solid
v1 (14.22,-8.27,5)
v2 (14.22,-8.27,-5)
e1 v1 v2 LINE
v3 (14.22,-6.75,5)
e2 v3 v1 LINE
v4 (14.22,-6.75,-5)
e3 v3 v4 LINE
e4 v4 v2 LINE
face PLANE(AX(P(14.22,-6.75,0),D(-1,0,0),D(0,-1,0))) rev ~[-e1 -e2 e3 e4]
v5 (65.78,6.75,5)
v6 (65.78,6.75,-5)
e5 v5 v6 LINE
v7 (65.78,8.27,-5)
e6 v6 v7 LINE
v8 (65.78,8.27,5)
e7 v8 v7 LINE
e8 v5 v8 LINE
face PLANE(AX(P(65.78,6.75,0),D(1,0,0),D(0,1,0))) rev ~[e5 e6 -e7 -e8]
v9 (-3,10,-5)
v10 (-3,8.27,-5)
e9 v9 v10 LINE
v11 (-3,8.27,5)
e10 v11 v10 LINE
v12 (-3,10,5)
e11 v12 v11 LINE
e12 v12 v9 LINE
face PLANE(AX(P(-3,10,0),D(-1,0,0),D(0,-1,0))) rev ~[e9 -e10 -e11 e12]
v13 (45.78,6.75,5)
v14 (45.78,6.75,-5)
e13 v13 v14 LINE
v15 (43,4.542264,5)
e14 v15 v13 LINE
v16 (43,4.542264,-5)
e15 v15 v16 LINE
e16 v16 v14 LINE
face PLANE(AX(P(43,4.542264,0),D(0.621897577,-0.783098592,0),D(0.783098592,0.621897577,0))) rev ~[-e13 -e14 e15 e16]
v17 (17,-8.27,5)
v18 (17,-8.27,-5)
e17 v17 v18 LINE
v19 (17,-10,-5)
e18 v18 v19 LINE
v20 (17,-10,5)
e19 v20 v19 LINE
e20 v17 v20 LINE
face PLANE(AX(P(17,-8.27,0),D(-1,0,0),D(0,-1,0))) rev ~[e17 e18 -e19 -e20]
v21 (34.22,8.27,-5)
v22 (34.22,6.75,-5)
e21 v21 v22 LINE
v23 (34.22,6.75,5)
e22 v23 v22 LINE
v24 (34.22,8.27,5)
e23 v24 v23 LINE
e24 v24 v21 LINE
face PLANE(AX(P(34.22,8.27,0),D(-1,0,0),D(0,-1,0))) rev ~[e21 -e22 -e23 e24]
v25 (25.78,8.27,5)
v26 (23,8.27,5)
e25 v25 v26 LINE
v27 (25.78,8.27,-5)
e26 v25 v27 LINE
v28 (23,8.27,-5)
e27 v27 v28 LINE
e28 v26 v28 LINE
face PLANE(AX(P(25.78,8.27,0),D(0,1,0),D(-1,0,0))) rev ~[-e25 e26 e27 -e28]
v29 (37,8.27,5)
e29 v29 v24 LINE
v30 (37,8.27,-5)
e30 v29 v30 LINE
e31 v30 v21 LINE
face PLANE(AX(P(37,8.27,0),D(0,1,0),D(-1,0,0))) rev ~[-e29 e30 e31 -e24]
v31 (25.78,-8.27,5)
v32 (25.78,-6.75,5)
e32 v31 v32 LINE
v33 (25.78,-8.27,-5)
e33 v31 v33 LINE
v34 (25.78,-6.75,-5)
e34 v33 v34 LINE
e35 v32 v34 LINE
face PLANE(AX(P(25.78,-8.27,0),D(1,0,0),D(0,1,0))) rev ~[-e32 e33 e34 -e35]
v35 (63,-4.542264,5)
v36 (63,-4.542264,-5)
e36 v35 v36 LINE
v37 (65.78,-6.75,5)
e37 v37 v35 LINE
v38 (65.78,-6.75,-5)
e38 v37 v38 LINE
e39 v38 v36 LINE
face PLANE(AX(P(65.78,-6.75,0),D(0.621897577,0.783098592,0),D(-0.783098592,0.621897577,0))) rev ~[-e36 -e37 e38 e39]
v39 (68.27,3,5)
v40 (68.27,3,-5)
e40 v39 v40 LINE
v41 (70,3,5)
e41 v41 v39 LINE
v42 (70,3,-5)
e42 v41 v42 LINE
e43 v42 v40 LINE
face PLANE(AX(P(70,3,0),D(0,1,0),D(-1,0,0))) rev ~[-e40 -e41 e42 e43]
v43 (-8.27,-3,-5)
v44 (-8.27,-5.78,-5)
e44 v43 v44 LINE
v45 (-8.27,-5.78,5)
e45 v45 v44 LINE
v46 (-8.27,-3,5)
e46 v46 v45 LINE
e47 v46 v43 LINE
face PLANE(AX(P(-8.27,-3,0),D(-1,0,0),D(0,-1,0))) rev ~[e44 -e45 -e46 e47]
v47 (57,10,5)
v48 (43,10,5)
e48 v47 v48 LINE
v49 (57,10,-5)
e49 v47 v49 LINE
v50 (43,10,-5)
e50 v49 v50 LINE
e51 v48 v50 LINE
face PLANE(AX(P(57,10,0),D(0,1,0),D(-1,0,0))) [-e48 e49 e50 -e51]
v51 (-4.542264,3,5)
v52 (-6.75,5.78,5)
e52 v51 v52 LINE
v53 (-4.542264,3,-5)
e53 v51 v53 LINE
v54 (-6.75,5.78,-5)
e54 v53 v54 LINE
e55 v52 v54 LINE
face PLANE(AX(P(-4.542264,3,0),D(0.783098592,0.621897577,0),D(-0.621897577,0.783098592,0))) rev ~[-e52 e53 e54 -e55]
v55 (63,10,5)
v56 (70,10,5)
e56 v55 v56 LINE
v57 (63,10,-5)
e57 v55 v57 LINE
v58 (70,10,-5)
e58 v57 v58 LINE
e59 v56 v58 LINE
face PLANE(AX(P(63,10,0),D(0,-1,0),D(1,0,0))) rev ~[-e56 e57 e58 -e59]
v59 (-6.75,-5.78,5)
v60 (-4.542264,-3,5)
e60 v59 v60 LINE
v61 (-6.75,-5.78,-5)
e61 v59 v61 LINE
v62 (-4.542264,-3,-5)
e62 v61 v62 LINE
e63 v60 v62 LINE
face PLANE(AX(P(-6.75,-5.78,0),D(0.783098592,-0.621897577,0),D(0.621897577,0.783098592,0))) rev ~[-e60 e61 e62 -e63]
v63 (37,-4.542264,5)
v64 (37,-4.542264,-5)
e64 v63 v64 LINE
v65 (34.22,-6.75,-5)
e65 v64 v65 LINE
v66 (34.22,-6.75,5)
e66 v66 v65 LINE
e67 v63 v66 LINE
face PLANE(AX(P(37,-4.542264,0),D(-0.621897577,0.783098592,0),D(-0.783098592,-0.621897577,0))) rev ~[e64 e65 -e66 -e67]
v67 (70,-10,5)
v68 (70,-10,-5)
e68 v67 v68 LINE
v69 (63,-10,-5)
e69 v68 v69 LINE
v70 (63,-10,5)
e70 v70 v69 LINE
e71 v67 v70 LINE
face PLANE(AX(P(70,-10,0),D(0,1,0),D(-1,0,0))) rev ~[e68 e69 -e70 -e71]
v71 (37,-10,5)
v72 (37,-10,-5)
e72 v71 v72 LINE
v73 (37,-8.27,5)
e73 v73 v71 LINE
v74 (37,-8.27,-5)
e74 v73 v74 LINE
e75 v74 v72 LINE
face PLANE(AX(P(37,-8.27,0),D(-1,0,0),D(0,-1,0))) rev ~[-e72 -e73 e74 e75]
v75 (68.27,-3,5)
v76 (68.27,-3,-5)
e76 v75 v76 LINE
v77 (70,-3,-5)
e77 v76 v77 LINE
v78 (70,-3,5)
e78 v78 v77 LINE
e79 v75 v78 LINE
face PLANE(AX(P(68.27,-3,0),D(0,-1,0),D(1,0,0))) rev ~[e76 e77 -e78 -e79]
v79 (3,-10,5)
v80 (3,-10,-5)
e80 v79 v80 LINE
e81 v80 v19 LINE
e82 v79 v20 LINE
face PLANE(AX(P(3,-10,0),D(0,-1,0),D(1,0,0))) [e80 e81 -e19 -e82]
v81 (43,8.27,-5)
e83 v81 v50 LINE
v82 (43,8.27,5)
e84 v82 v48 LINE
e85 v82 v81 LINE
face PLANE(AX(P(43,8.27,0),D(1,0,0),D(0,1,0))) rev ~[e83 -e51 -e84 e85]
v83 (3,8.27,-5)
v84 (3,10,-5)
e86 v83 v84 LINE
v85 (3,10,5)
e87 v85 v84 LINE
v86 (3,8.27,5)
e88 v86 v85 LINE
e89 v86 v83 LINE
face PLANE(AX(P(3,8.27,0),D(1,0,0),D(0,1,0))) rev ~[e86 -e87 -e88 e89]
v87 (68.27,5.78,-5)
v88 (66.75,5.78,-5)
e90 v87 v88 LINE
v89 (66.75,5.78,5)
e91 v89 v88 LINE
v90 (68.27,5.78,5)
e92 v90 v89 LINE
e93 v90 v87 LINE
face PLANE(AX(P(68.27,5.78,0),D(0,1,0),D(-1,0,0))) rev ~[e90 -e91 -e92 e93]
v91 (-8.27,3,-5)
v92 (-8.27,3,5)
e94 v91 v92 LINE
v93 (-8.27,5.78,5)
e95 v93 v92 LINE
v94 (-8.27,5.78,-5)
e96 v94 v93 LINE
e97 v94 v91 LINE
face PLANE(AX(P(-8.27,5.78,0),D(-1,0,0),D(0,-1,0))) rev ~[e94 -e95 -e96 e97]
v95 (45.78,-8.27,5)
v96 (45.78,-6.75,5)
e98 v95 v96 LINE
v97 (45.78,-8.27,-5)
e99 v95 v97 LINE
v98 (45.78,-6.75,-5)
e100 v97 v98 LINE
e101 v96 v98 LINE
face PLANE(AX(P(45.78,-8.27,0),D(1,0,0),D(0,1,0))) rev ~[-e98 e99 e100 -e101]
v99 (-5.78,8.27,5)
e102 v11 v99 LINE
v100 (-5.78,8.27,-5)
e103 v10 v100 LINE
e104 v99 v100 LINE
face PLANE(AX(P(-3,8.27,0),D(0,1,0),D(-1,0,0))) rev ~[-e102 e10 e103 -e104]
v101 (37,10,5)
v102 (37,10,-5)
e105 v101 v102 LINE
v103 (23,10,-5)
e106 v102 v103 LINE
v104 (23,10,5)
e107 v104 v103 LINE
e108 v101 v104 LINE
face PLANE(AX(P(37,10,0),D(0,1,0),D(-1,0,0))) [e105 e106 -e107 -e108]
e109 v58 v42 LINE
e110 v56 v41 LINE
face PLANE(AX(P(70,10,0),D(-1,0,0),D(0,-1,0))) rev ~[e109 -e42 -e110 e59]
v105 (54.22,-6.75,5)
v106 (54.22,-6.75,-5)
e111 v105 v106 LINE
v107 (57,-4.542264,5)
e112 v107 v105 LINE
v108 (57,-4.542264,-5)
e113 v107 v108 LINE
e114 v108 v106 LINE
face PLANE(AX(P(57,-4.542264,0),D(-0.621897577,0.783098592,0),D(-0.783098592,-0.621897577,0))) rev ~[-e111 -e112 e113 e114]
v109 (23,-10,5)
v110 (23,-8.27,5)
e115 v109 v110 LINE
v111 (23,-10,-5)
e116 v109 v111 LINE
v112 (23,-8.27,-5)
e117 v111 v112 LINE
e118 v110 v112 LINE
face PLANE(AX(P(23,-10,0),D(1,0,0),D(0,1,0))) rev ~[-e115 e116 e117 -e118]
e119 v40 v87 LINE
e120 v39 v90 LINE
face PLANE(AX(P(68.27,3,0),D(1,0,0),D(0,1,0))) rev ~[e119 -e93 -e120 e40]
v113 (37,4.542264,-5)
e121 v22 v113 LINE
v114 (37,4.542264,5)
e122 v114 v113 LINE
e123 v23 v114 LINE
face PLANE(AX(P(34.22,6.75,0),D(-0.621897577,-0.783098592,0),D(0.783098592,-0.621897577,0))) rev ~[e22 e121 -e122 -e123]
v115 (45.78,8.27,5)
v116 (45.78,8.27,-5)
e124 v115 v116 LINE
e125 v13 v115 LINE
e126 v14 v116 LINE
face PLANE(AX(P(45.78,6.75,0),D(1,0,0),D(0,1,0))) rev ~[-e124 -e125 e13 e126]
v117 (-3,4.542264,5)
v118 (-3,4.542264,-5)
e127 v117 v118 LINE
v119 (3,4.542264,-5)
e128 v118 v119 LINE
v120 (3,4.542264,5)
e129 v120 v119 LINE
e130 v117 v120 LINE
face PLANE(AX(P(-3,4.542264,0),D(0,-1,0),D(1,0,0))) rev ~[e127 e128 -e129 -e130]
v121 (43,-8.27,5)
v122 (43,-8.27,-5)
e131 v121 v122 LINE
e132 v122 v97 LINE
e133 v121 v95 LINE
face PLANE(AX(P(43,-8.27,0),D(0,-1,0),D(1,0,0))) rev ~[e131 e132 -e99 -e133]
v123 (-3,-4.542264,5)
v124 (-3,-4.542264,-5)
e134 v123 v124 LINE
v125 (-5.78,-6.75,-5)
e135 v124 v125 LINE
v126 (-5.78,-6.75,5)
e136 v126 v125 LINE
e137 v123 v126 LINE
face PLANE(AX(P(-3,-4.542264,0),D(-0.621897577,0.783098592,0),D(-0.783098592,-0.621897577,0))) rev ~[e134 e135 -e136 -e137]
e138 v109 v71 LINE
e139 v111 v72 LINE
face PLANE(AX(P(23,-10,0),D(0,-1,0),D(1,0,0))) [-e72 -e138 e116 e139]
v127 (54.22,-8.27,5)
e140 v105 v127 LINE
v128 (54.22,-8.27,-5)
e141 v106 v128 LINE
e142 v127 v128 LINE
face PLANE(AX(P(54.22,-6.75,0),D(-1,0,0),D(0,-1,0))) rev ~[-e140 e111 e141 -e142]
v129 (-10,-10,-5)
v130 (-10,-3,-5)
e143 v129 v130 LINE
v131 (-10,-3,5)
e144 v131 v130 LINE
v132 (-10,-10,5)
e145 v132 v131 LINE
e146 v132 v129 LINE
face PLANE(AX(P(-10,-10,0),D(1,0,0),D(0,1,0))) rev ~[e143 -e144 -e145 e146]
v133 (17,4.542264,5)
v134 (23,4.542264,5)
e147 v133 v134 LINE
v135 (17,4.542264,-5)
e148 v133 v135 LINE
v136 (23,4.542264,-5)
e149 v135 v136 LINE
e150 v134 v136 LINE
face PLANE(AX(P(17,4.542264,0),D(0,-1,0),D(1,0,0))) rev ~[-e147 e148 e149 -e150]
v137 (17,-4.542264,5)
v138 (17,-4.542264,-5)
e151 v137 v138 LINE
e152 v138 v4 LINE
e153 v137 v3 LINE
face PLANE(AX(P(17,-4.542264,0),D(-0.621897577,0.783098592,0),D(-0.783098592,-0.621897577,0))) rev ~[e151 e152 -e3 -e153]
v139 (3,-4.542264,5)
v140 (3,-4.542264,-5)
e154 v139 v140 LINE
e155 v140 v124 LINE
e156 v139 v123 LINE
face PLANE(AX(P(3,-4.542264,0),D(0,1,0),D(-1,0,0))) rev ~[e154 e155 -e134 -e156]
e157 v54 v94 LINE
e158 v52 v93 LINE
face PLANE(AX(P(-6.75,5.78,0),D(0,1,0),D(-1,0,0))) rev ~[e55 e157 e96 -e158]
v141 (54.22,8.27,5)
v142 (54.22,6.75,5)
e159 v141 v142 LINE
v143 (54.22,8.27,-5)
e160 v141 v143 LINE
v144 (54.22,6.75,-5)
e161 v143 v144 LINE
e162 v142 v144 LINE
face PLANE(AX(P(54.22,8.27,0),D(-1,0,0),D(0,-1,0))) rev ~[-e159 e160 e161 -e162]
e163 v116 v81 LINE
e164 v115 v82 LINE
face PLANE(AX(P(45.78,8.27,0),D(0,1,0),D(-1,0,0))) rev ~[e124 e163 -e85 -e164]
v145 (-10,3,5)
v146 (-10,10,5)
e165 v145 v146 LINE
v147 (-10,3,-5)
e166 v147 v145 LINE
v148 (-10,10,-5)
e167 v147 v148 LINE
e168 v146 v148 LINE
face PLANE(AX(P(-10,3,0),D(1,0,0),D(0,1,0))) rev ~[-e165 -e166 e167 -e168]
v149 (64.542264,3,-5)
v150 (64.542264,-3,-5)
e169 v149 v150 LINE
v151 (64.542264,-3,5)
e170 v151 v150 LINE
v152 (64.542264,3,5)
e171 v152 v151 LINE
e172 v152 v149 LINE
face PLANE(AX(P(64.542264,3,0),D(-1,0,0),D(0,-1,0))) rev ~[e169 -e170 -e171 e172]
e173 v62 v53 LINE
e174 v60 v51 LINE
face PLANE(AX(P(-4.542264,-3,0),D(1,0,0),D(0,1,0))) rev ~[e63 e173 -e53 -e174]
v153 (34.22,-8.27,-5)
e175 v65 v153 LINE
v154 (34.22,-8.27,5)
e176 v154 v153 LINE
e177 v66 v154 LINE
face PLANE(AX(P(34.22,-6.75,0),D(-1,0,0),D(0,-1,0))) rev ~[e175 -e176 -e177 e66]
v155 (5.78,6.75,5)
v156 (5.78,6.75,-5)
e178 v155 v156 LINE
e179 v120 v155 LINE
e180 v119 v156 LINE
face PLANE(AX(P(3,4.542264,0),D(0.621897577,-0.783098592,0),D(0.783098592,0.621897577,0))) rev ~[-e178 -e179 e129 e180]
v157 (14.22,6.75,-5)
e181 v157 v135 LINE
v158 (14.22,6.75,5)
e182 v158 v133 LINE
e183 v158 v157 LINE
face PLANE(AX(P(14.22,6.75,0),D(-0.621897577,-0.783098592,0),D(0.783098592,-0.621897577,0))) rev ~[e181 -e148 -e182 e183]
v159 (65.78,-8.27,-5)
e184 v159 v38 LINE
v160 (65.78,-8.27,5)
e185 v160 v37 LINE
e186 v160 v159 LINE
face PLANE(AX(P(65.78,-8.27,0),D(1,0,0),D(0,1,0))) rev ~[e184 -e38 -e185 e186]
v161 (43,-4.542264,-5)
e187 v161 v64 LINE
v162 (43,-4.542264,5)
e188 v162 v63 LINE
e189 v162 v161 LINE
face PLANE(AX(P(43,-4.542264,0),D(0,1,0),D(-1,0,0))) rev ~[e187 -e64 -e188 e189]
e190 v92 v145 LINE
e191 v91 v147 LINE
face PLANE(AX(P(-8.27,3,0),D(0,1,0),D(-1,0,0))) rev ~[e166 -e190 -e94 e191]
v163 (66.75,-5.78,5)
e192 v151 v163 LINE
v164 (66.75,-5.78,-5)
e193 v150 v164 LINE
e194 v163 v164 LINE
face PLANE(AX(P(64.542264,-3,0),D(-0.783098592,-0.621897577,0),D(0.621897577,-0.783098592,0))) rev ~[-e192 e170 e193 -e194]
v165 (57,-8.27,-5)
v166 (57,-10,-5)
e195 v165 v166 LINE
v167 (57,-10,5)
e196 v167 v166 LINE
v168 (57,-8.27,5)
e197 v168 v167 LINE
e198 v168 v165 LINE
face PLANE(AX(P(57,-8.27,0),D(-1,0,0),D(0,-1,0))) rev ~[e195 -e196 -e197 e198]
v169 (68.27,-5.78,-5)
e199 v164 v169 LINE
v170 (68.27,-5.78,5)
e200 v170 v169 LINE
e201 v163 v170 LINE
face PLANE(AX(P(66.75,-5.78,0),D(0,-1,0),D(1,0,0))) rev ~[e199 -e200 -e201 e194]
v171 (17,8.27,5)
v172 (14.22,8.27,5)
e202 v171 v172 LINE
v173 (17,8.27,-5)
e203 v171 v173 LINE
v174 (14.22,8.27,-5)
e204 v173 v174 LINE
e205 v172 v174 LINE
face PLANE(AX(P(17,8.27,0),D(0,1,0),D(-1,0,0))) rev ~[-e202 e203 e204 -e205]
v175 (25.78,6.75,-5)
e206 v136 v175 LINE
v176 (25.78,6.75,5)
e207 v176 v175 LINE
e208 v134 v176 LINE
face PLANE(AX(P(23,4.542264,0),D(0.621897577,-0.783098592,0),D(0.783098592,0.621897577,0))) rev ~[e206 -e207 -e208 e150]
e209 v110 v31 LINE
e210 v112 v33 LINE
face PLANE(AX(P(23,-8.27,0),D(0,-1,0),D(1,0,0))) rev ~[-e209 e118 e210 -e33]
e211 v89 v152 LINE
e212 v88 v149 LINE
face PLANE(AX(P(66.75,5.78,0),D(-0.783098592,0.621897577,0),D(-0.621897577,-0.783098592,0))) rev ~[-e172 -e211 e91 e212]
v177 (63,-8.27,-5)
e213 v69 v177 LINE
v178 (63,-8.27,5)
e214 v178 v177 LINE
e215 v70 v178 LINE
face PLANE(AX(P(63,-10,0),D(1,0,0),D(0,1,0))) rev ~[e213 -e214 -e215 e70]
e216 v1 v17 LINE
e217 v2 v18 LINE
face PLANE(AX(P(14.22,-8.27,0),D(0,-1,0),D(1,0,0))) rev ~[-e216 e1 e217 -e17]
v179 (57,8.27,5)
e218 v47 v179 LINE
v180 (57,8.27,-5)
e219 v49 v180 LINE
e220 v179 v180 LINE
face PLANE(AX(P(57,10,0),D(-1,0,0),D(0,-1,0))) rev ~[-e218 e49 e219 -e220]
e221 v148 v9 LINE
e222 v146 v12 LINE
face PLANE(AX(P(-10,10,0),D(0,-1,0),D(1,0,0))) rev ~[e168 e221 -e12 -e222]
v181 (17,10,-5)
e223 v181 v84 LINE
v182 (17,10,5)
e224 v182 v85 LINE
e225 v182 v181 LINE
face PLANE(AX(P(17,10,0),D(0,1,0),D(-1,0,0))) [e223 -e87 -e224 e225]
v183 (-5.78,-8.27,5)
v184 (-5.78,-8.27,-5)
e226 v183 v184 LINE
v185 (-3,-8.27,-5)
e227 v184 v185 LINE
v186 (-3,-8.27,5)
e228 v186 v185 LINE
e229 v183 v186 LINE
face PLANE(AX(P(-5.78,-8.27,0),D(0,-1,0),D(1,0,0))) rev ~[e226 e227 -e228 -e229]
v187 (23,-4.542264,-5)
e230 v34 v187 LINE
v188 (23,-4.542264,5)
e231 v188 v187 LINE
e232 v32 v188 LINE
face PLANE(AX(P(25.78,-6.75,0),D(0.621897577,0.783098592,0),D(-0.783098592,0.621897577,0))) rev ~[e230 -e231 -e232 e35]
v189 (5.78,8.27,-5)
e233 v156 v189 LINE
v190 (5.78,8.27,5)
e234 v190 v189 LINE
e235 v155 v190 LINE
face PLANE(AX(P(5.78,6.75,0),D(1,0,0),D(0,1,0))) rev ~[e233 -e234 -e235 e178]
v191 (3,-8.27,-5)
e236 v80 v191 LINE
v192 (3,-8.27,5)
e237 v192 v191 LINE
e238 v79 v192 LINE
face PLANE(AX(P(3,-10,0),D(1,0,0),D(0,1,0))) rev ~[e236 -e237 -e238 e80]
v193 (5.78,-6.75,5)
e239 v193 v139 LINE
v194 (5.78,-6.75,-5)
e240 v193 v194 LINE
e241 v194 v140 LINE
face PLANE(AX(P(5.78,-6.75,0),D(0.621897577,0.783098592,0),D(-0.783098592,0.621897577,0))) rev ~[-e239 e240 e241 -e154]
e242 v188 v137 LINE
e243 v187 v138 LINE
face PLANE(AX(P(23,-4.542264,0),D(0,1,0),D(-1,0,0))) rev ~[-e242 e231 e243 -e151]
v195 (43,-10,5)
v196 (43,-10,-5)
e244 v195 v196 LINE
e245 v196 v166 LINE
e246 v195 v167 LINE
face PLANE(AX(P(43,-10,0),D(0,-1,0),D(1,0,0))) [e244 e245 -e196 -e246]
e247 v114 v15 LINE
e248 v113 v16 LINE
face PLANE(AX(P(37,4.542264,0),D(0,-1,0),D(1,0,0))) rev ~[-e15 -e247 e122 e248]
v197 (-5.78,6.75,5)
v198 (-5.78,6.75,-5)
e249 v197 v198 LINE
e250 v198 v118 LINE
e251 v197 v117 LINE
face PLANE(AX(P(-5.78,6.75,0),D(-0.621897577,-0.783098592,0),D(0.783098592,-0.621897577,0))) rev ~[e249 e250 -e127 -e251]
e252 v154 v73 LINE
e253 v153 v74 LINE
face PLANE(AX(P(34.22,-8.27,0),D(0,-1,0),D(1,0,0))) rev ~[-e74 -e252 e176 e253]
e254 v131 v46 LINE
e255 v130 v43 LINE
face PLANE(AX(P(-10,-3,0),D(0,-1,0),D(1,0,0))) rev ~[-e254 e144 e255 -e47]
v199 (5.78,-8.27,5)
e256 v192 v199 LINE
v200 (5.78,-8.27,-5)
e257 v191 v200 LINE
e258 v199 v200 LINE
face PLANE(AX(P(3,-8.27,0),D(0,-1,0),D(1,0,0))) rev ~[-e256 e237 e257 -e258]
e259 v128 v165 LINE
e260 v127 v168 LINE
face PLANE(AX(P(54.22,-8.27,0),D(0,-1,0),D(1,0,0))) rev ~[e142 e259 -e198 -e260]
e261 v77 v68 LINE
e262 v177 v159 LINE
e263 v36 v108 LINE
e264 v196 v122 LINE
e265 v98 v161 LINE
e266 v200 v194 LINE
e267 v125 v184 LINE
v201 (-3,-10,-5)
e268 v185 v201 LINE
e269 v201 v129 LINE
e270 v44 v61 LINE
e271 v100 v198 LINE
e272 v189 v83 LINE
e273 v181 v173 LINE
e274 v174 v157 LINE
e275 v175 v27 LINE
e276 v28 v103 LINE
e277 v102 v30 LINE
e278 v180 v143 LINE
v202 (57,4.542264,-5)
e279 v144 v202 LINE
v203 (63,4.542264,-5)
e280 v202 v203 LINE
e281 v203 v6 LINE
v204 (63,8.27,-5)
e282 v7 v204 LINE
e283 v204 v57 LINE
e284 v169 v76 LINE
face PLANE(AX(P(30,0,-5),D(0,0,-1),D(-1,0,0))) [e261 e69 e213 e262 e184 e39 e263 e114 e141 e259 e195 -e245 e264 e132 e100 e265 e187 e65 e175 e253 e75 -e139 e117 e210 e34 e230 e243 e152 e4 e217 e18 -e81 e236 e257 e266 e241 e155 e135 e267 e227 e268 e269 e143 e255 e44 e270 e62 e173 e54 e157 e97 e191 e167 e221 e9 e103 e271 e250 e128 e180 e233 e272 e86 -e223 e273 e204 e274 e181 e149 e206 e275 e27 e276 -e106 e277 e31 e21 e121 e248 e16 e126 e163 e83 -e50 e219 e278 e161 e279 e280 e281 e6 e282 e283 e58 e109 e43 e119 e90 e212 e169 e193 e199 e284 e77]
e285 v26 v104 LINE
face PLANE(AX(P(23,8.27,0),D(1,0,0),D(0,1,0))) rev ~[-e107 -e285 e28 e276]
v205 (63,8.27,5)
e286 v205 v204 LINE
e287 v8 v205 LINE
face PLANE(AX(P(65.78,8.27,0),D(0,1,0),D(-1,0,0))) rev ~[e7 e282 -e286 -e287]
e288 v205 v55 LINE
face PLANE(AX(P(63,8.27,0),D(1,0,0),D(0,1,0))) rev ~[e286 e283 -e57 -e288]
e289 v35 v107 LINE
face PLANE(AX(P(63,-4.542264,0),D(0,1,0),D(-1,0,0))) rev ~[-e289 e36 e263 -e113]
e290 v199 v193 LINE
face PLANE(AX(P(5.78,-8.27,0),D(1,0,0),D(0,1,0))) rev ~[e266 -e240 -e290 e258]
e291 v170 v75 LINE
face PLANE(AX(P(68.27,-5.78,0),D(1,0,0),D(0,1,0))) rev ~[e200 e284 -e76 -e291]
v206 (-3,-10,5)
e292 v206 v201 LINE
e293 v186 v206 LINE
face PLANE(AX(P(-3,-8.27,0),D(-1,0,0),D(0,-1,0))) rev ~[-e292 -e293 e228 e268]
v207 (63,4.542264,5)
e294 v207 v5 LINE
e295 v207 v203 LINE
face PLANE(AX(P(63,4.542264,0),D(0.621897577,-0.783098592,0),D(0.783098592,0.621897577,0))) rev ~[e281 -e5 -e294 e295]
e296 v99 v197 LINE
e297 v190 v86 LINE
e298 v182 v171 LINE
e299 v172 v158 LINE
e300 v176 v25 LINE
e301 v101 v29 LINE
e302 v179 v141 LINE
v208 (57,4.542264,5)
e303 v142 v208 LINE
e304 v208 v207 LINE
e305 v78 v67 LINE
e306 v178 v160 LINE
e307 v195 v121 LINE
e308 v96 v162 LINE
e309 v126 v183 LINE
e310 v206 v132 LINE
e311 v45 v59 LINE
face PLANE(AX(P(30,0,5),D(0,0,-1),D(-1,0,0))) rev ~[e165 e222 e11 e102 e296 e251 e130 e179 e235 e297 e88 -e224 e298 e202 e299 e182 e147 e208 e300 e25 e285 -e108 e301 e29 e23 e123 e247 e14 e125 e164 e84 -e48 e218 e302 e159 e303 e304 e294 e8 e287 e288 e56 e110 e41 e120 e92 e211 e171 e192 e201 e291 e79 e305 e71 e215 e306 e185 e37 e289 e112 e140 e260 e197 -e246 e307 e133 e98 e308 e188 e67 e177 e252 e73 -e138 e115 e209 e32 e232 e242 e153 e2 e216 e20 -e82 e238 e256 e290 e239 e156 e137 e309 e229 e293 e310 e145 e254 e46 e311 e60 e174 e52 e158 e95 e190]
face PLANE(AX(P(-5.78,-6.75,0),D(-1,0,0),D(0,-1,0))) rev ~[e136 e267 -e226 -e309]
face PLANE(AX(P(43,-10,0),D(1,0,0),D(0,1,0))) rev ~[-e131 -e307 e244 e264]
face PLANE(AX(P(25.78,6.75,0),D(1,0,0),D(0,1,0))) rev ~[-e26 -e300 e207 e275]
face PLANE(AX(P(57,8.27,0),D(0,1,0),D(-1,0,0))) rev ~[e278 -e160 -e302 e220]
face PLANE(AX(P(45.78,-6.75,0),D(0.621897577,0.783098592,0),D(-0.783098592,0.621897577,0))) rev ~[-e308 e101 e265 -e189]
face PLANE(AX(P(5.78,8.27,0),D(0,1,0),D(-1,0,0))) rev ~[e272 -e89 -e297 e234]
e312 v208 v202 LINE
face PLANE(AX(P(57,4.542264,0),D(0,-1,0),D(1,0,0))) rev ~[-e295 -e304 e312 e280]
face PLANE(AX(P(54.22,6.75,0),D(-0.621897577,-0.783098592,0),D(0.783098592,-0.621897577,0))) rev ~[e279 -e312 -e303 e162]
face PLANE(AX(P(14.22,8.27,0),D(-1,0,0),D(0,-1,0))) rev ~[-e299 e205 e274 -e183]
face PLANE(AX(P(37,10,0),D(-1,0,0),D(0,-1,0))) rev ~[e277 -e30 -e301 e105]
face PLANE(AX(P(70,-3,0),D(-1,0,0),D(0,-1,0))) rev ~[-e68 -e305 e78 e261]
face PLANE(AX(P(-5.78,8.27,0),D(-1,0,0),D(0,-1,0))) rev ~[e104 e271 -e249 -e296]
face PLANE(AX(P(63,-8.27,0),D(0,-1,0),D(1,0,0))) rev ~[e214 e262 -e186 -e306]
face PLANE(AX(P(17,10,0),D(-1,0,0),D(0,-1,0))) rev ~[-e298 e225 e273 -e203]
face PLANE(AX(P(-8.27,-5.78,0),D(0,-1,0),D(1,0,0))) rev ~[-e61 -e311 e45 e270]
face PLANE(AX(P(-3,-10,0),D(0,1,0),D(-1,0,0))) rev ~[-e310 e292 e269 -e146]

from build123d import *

# Parameters (mm, degrees)
BOSS_EXTRUDE1_DEPTH = 5


with BuildPart() as part:
    # Sketch1 → Boss-Extrude1 (new, symmetric)
    with BuildSketch(Plane.XY):
        Polygon((-10, 3), (-10, 10), (-3, 10), (-3, 8.27), (-5.78, 8.27), (-5.78, 6.75), (-3, 4.542263603), (3, 4.542263603), (5.78, 6.75), (5.78, 8.27), (3, 8.27), (3, 10), (10, 10), (17, 10), (17, 8.27), (14.22, 8.27), (14.22, 6.75), (17, 4.542263603), (23, 4.542263603), (25.78, 6.75), (25.78, 8.27), (23, 8.27), (23, 10), (30, 10), (37, 10), (37, 8.27), (34.22, 8.27), (34.22, 6.75), (37, 4.542263603), (43, 4.542263603), (45.78, 6.75), (45.78, 8.27), (43, 8.27), (43, 10), (50, 10), (57, 10), (57, 8.27), (54.22, 8.27), (54.22, 6.75), (57, 4.542263603), (63, 4.542263603), (65.78, 6.75), (65.78, 8.27), (63, 8.27), (63, 10), (70, 10), (70, 3), (68.27, 3), (68.27, 5.78), (66.75, 5.78), (64.542263603, 3), (64.542263603, -3), (66.75, -5.78), (68.27, -5.78), (68.27, -3), (70, -3), (70, -10), (63, -10), (63, -8.27), (65.78, -8.27), (65.78, -6.75), (63, -4.542263603), (57, -4.542263603), (54.22, -6.75), (54.22, -8.27), (57, -8.27), (57, -10), (50, -10), (43, -10), (43, -8.27), (45.78, -8.27), (45.78, -6.75), (43, -4.542263603), (37, -4.542263603), (34.22, -6.75), (34.22, -8.27), (37, -8.27), (37, -10), (30, -10), (23, -10), (23, -8.27), (25.78, -8.27), (25.78, -6.75), (23, -4.542263603), (17, -4.542263603), (14.22, -6.75), (14.22, -8.27), (17, -8.27), (17, -10), (10, -10), (3, -10), (3, -8.27), (5.78, -8.27), (5.78, -6.75), (3, -4.542263603), (-3, -4.542263603), (-5.78, -6.75), (-5.78, -8.27), (-3, -8.27), (-3, -10), (-10, -10), (-10, -3), (-8.27, -3), (-8.27, -5.78), (-6.75, -5.78), (-4.542263603, -3), (-4.542263603, 3), (-6.75, 5.78), (-8.27, 5.78), (-8.27, 3), align=None)
    extrude(amount=BOSS_EXTRUDE1_DEPTH, both=True)


solid = part.part
